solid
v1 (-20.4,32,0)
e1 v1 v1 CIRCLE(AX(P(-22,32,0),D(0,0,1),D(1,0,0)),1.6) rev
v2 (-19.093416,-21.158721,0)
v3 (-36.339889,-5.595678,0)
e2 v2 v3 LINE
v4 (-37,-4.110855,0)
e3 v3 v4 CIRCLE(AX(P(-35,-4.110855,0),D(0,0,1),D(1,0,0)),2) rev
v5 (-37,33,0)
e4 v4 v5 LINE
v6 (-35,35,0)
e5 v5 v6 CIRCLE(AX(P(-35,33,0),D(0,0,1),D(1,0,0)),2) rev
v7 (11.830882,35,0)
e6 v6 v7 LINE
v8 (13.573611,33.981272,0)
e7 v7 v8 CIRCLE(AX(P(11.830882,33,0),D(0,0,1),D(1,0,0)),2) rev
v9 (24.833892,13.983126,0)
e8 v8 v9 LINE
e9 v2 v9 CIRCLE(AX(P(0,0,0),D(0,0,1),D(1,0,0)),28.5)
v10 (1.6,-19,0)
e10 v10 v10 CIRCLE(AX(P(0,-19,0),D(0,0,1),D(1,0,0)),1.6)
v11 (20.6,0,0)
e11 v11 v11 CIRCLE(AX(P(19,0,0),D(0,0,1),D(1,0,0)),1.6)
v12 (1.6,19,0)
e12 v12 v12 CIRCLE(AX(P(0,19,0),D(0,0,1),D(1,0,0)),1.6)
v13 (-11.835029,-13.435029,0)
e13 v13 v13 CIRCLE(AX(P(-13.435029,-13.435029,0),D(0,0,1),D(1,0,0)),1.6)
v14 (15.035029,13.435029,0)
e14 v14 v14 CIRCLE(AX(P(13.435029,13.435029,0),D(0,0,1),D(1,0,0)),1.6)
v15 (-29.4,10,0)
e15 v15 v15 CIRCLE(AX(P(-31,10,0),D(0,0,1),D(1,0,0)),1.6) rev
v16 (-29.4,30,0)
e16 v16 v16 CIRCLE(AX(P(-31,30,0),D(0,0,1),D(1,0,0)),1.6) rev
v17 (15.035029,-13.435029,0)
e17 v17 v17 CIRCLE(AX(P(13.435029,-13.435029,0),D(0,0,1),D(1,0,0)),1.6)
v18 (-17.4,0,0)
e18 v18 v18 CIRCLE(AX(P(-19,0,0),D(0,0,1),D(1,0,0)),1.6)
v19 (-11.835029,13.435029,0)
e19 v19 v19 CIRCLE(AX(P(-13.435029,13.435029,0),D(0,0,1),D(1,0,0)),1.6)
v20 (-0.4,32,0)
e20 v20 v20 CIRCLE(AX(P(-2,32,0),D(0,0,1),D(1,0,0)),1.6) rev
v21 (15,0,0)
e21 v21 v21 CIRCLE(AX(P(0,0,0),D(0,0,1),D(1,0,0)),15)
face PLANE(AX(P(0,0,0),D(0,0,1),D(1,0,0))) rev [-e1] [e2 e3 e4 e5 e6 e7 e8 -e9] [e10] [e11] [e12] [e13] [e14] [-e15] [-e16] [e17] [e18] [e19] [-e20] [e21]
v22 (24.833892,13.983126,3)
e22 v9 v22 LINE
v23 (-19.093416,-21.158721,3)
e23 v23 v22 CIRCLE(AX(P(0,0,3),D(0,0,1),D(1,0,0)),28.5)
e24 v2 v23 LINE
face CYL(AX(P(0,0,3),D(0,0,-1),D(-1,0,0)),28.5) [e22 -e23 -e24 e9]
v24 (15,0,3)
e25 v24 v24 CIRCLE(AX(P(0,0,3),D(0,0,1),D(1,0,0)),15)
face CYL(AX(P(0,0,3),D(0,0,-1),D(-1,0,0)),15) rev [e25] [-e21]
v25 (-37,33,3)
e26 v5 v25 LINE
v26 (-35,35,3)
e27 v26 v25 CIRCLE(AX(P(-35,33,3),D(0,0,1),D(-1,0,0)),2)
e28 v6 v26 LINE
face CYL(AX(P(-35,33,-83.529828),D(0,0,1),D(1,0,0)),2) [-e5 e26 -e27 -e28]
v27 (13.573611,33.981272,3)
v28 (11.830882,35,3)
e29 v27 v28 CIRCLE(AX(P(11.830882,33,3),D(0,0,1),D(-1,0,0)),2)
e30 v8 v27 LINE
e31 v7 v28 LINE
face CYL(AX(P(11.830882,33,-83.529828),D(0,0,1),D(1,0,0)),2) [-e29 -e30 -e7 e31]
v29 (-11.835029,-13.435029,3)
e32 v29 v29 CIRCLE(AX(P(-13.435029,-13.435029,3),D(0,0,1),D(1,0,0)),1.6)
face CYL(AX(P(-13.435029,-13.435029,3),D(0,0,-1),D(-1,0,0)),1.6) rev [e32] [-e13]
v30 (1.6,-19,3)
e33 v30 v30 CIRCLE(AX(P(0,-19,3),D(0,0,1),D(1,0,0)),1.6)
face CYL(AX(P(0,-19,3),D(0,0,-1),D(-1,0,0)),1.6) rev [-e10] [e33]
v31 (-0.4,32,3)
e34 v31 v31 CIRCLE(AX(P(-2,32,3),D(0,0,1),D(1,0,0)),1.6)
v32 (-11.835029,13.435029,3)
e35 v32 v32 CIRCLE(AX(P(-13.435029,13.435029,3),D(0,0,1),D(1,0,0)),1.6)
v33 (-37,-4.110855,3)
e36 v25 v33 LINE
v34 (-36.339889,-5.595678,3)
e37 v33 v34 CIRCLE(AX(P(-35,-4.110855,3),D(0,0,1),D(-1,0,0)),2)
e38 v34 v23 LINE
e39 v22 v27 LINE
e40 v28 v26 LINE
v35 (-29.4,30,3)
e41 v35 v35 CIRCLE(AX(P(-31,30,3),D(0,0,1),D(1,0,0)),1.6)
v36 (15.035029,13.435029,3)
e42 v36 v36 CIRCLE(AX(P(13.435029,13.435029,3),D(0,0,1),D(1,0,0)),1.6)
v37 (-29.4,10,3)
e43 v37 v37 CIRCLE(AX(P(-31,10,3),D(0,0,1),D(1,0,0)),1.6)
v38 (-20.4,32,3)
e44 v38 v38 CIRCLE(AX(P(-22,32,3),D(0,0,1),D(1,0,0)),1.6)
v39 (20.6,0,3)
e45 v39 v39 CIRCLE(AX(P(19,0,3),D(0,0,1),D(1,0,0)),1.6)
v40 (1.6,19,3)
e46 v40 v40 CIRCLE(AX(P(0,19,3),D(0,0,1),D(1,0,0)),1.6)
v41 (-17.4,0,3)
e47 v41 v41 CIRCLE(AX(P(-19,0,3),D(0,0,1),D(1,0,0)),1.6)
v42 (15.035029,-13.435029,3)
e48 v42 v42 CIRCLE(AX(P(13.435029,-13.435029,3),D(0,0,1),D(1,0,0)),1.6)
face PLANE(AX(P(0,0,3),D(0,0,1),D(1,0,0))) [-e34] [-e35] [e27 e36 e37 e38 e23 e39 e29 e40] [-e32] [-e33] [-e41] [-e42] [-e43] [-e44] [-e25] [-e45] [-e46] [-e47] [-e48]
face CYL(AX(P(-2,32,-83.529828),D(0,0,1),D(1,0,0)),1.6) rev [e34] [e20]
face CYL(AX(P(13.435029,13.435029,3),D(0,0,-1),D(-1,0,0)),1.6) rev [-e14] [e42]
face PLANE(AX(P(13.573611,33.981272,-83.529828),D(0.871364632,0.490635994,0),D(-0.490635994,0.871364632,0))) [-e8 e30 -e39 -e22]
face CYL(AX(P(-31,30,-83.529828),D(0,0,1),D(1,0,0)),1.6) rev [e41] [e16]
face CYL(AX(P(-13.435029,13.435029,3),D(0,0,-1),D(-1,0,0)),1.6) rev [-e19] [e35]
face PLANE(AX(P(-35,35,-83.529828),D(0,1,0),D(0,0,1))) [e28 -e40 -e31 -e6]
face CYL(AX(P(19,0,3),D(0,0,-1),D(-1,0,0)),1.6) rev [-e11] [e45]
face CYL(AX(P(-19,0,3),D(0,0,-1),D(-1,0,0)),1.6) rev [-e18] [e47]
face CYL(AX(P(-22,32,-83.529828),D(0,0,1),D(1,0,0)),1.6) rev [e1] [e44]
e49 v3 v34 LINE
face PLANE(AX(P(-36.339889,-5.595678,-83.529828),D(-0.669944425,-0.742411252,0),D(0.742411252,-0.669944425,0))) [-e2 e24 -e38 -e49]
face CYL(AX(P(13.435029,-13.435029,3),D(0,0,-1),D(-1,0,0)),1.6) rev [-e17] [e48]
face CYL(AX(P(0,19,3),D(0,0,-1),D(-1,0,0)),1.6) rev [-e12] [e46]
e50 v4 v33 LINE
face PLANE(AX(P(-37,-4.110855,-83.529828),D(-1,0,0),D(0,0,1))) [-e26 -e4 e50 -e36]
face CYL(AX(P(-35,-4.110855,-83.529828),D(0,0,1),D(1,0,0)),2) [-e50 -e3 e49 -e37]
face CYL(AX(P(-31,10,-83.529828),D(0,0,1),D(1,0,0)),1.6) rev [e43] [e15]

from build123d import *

# Parameters (mm, degrees)
SKETCH_2_R      = 28.5
SKETCH_2_R_2    = 15
SKETCH_2_R_3    = 1.6
EXTRUDE_1_DEPTH = 3
EXTRUDE_START   = -3
SKETCH_4_R      = 1.6
EXTRUDE_2_DEPTH = 3


with BuildPart() as part:
    # 草图2 → 凸台-拉伸1 (new body)
    with BuildSketch(Plane.XY):
        Circle(SKETCH_2_R)
        Circle(SKETCH_2_R_2, mode=Mode.SUBTRACT)
        with Locations((0, 19)):
            Circle(SKETCH_2_R_3, mode=Mode.SUBTRACT)
        with Locations((13.435028843, 13.435028843)):
            Circle(SKETCH_2_R_3, mode=Mode.SUBTRACT)
        with Locations((19, 0)):
            Circle(SKETCH_2_R_3, mode=Mode.SUBTRACT)
        with Locations((13.435028843, -13.435028843)):
            Circle(SKETCH_2_R_3, mode=Mode.SUBTRACT)
        with Locations((0, -19)):
            Circle(SKETCH_2_R_3, mode=Mode.SUBTRACT)
        with Locations((-13.435028843, -13.435028843)):
            Circle(SKETCH_2_R_3, mode=Mode.SUBTRACT)
        with Locations((-19, 0)):
            Circle(SKETCH_2_R_3, mode=Mode.SUBTRACT)
        with Locations((-13.435028843, 13.435028843)):
            Circle(SKETCH_2_R_3, mode=Mode.SUBTRACT)
    extrude(amount=EXTRUDE_1_DEPTH)

    # 草图4 → 凸台-拉伸2 (add)
    with BuildSketch(Plane.XY.offset(3).offset(EXTRUDE_START)):
        with BuildLine():
            Line((-36.339888851, -5.595677643), (-19.093416125, -21.158720677))
            ThreePointArc((-19.093416125, -21.158720677), (-17.803808855, 22.254761069), (24.833892005, 13.983125827))
            Line((24.833892005, 13.983125827), (13.573611336, 33.981271988))
            ThreePointArc((13.573611336, 33.981271988), (12.840202642, 34.726636032), (11.830882073, 35))
            Line((11.830882073, 35), (-35, 35))
            ThreePointArc((-35, 35), (-36.414213562, 34.414213562), (-37, 33))
            Line((-37, 33), (-37, -4.110855139))
            ThreePointArc((-37, -4.110855139), (-36.827536279, -4.923327384), (-36.339888851, -5.595677643))
        make_face()
        with Locations((-31, 30)):
            Circle(SKETCH_4_R, mode=Mode.SUBTRACT)
        with Locations((-31, 10)):
            Circle(SKETCH_4_R, mode=Mode.SUBTRACT)
        with Locations((-22, 32)):
            Circle(SKETCH_4_R, mode=Mode.SUBTRACT)
        with Locations((-2, 32)):
            Circle(SKETCH_4_R, mode=Mode.SUBTRACT)
    extrude(amount=EXTRUDE_2_DEPTH)


solid = part.part
